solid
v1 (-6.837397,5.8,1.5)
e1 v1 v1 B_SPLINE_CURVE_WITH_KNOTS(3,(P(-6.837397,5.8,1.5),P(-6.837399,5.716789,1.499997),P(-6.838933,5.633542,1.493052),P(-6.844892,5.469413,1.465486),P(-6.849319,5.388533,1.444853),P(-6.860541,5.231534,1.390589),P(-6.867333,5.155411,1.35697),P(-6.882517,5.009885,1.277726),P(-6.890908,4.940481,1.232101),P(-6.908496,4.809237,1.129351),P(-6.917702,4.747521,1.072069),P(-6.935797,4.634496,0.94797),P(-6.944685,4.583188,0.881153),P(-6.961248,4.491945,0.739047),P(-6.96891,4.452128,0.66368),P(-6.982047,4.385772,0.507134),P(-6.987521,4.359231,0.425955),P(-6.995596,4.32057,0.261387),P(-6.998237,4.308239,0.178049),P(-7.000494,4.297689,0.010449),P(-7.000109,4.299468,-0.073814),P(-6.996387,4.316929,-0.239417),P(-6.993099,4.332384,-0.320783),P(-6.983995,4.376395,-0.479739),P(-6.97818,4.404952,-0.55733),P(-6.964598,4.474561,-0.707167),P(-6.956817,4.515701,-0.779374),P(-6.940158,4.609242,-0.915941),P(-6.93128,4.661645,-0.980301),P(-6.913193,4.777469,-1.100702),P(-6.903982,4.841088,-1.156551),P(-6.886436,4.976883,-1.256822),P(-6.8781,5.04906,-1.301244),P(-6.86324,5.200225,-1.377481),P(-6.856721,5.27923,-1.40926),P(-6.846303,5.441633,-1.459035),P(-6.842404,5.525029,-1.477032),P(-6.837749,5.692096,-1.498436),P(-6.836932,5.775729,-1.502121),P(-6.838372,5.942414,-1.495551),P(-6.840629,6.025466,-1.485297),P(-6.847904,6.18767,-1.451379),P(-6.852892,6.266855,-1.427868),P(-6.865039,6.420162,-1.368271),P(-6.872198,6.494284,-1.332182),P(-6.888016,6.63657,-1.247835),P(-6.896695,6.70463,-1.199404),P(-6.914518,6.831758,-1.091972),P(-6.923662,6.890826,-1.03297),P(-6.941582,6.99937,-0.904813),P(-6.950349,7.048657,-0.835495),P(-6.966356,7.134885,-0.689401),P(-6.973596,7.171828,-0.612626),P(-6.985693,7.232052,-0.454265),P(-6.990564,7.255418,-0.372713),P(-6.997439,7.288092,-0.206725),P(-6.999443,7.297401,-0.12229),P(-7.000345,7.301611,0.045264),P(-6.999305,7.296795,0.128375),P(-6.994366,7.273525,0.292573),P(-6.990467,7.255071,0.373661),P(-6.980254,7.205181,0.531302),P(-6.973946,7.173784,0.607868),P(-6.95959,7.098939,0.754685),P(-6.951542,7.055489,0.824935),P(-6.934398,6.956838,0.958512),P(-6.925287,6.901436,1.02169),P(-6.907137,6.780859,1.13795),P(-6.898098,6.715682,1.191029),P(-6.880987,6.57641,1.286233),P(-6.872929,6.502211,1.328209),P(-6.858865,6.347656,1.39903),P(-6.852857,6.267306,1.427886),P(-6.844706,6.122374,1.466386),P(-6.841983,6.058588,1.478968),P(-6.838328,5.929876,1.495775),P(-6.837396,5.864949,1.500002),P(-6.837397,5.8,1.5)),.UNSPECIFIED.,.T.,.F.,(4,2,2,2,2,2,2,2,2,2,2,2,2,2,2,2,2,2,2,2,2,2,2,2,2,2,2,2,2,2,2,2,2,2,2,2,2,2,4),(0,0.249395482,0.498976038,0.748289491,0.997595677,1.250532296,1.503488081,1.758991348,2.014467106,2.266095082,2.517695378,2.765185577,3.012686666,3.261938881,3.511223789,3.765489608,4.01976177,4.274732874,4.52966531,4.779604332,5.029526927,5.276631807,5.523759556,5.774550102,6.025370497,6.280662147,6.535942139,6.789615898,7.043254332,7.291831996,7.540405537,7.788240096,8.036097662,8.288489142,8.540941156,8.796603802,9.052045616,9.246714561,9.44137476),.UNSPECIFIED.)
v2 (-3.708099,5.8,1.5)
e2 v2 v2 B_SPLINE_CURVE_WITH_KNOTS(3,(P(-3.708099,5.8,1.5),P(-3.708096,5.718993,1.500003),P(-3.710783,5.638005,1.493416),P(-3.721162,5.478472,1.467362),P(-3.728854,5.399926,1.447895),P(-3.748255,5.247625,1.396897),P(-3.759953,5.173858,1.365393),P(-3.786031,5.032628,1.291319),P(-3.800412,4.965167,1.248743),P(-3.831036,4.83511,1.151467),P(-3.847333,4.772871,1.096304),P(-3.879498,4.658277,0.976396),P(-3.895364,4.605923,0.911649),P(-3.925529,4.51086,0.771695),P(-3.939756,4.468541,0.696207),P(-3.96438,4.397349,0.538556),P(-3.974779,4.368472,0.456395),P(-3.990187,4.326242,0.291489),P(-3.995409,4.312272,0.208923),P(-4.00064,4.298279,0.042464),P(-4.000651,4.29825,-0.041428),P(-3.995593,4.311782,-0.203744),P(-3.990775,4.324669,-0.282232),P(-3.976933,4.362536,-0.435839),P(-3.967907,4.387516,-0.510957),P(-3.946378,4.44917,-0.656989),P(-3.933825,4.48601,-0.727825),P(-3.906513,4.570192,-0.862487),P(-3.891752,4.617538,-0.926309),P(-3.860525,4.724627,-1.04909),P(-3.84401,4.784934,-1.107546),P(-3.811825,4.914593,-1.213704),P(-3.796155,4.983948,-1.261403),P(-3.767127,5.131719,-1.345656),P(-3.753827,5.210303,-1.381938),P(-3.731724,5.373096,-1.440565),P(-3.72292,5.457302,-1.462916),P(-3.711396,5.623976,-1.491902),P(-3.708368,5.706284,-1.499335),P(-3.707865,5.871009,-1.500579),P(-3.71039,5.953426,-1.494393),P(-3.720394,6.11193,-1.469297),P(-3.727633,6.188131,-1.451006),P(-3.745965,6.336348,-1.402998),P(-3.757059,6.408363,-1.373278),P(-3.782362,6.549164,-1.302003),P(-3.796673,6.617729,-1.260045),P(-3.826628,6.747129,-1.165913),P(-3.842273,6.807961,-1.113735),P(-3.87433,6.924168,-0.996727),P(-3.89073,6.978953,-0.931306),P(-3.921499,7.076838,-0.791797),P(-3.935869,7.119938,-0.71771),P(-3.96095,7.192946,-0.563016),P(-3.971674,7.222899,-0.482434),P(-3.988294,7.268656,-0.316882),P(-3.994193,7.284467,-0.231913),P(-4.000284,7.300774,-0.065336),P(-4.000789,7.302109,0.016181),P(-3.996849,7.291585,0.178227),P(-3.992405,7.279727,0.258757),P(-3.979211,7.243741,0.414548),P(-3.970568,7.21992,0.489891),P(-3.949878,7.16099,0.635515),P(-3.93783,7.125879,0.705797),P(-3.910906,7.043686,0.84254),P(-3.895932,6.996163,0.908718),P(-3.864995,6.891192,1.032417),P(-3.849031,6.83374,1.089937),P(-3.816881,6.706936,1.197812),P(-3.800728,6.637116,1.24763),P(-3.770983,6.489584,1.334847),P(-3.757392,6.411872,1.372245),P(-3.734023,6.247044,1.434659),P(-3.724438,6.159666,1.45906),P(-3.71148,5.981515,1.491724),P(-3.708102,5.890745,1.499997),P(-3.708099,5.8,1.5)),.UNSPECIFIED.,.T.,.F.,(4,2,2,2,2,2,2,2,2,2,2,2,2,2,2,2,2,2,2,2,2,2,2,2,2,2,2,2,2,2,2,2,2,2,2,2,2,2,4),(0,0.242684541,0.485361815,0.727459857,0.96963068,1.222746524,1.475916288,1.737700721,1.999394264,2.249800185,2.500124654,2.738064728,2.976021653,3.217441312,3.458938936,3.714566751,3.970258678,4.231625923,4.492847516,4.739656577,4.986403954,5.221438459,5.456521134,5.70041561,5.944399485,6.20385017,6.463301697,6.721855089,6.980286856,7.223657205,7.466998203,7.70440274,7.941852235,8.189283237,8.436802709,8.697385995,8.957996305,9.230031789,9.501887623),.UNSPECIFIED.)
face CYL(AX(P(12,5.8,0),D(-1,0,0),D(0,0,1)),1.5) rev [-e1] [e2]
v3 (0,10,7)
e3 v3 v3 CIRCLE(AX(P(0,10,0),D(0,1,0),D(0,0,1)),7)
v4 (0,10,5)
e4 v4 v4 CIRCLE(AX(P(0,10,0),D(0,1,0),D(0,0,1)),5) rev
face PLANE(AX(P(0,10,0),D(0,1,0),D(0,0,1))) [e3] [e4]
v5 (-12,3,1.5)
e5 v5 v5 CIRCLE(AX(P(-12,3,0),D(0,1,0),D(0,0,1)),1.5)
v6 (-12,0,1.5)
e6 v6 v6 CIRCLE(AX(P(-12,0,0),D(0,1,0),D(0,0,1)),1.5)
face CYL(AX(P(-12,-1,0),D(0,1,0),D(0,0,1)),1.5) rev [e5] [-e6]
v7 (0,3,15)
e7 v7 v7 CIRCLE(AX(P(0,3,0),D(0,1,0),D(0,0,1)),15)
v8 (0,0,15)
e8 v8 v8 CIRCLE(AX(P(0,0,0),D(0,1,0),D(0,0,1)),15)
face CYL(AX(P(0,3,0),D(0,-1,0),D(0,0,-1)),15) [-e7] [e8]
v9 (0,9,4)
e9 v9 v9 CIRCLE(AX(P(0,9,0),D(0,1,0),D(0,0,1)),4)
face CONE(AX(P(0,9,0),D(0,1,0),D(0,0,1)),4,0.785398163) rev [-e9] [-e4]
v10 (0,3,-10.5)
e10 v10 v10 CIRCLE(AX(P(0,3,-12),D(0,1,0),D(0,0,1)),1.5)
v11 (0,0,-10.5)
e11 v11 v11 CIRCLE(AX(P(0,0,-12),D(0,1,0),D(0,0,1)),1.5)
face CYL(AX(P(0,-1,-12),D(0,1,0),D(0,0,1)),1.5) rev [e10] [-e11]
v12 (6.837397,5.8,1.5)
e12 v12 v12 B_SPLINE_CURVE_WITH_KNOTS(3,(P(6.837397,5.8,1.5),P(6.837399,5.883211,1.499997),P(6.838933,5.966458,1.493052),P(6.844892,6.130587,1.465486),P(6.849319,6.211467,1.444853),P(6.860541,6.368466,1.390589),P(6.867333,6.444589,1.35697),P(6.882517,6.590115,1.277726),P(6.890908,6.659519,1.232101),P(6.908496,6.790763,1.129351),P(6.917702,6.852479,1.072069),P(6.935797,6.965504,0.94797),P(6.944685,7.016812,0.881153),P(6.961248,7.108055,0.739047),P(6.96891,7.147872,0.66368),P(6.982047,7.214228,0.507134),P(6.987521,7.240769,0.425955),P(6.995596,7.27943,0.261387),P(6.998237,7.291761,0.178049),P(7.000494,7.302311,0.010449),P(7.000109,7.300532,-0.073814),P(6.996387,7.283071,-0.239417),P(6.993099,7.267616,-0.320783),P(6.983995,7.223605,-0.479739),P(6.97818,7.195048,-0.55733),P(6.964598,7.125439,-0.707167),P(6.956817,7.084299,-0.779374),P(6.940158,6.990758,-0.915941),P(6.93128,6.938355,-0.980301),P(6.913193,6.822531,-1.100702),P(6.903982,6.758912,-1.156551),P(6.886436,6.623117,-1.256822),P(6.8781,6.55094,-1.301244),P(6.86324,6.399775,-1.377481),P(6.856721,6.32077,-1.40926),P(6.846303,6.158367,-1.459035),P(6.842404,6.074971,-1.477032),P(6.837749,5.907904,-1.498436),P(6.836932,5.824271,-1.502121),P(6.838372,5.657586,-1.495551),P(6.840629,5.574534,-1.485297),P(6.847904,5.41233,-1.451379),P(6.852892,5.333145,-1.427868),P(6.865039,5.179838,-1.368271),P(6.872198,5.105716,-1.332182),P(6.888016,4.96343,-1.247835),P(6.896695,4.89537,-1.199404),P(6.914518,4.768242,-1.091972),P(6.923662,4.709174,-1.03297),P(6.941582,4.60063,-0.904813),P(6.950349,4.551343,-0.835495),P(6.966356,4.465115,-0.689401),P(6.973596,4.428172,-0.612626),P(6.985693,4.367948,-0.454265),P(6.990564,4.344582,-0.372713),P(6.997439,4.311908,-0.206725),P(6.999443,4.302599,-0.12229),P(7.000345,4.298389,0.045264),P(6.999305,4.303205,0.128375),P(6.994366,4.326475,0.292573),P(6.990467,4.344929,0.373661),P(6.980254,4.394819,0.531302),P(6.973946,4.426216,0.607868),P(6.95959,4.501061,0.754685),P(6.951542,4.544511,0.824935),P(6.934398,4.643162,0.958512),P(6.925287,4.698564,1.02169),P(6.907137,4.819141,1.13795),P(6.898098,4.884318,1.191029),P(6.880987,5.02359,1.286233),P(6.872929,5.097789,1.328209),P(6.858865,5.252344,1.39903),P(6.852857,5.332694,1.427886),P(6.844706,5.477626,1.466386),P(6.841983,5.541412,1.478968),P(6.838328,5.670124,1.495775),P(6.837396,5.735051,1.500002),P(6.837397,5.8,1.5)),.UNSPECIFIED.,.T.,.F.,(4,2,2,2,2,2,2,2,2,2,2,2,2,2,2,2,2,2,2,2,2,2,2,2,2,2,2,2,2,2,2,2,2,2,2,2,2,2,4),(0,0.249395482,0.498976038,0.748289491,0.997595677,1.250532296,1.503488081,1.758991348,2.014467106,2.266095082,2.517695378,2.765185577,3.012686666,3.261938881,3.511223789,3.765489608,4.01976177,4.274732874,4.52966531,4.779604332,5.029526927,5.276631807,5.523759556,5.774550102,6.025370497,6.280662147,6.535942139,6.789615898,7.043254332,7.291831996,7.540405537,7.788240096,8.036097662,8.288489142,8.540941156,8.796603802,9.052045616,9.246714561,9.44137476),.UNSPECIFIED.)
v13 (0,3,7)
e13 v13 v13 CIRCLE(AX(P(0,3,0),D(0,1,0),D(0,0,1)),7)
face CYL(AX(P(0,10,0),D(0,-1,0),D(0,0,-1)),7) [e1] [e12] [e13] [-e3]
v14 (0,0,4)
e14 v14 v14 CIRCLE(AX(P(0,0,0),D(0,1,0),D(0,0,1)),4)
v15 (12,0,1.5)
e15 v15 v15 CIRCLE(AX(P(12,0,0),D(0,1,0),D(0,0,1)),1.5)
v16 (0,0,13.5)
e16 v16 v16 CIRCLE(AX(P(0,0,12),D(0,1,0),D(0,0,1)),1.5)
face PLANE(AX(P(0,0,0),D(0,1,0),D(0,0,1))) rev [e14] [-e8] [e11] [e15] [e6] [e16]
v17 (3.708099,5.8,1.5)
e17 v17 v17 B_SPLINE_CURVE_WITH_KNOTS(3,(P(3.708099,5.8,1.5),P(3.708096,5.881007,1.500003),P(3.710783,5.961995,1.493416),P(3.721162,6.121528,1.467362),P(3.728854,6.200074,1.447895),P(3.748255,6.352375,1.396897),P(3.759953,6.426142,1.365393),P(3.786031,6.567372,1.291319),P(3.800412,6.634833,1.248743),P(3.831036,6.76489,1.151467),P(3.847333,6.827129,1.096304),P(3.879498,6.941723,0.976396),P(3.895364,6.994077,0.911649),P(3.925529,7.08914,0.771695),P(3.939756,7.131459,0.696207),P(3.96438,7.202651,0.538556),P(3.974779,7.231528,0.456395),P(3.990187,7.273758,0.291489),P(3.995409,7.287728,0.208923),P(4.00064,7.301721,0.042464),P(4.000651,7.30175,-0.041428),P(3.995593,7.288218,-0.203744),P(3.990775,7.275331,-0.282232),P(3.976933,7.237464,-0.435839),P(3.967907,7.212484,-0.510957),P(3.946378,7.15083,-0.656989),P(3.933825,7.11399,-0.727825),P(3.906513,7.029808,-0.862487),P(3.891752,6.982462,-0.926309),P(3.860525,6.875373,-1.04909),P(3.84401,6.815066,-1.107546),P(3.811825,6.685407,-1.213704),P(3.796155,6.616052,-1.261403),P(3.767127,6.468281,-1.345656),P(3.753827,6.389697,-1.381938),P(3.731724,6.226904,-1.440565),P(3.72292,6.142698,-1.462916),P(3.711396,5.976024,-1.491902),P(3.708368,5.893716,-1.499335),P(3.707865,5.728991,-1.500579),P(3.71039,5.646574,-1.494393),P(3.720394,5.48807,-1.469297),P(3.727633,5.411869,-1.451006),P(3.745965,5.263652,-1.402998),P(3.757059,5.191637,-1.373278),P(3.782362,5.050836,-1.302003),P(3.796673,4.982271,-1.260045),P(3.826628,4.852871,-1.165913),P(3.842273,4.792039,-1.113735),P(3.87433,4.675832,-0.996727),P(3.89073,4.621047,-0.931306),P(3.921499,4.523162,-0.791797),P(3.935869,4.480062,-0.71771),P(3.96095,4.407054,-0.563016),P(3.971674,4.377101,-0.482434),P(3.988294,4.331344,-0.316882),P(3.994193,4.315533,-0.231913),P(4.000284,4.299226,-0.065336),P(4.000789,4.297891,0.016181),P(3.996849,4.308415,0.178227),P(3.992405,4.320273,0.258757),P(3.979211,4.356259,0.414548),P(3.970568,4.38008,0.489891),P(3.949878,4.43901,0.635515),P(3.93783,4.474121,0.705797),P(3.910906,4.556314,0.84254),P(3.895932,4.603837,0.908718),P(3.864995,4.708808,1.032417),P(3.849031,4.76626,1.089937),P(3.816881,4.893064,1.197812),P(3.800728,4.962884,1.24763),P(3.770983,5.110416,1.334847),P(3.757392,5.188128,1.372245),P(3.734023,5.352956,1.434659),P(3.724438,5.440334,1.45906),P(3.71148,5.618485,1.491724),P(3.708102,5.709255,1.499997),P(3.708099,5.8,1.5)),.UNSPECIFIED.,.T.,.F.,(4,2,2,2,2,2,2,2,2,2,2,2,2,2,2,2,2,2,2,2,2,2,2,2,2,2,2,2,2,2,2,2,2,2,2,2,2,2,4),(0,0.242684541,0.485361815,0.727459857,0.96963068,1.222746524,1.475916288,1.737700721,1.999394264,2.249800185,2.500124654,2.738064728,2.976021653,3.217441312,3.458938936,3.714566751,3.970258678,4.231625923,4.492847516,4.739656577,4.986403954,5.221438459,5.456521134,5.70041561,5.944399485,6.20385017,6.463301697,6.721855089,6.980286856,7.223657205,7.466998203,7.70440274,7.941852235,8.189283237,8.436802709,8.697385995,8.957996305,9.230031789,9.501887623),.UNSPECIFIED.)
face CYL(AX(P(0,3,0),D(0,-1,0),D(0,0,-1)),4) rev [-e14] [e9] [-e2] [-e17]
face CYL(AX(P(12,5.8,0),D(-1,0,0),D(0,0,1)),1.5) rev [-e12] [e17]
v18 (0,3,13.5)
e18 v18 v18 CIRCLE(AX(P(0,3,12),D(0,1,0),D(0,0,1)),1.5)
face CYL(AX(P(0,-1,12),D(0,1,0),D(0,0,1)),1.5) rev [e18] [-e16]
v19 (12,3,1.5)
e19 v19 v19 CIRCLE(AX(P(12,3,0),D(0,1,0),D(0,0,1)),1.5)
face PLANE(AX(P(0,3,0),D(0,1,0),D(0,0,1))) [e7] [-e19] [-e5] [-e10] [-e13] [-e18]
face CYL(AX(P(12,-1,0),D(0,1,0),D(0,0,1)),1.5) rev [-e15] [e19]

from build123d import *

# Parameters (mm, degrees)
SKETCH_1_R               = 15
SKETCH_1_R_2             = 4
EXTRUDE_1_DEPTH          = 3
SKETCH_2_R               = 7
SKETCH_2_R_2             = 4
EXTRUDE_2_DEPTH          = 7
CUT_EXTRUDE_1_DEPTH      = 13
CUT_EXTRUDE_1_DEPTH_BACK = 12
SKETCH_5_R               = 1.5
SKETCH_7_R               = 1.5
CUT_EXTRUDE_3_DEPTH      = 4
CHAMFER_1_SIZE           = 1


with BuildPart() as part:
    # 草图1 → 凸台-拉伸1 (new body)
    with BuildSketch(Plane(origin=(0, 0, 0), x_dir=(1, 0, 0), z_dir=(0, 1, 0))):
        Circle(SKETCH_1_R)
        Circle(SKETCH_1_R_2, mode=Mode.SUBTRACT)
    extrude(amount=EXTRUDE_1_DEPTH)

    # 草图2 → 凸台-拉伸2 (add)
    with BuildSketch(Plane(origin=(0, 3, 0), x_dir=(1, 0, 0), z_dir=(0, 1, 0))):
        Circle(SKETCH_2_R)
        Circle(SKETCH_2_R_2, mode=Mode.SUBTRACT)
    extrude(amount=EXTRUDE_2_DEPTH)

    # 草图5 → 切除-拉伸1 (cut, two sides: drawn at the far end of the back side and taken through both)
    with BuildSketch(Plane.ZY.offset(-CUT_EXTRUDE_1_DEPTH_BACK)):
        with Locations((0, 5.8)):
            Circle(SKETCH_5_R)
    extrude(amount=CUT_EXTRUDE_1_DEPTH + CUT_EXTRUDE_1_DEPTH_BACK, mode=Mode.SUBTRACT)

    # 草图7 → 切除-拉伸3 (cut)
    with BuildSketch(Plane(origin=(0, 3, 0), x_dir=(1, 0, 0), z_dir=(0, 1, 0))):
        with Locations((0, -12)):
            Circle(SKETCH_7_R)
        with Locations((-12, 0)):
            Circle(SKETCH_7_R)
        with Locations((0, 12)):
            Circle(SKETCH_7_R)
        with Locations((12, 0)):
            Circle(SKETCH_7_R)
    extrude(amount=-CUT_EXTRUDE_3_DEPTH, mode=Mode.SUBTRACT)

    # 倒角1
    chamfer_1_edges = [part.edges().sort_by_distance(p)[0] for p in [
        (-4, 10, 0),
    ]]
    chamfer(chamfer_1_edges, length=CHAMFER_1_SIZE)


solid = part.part
